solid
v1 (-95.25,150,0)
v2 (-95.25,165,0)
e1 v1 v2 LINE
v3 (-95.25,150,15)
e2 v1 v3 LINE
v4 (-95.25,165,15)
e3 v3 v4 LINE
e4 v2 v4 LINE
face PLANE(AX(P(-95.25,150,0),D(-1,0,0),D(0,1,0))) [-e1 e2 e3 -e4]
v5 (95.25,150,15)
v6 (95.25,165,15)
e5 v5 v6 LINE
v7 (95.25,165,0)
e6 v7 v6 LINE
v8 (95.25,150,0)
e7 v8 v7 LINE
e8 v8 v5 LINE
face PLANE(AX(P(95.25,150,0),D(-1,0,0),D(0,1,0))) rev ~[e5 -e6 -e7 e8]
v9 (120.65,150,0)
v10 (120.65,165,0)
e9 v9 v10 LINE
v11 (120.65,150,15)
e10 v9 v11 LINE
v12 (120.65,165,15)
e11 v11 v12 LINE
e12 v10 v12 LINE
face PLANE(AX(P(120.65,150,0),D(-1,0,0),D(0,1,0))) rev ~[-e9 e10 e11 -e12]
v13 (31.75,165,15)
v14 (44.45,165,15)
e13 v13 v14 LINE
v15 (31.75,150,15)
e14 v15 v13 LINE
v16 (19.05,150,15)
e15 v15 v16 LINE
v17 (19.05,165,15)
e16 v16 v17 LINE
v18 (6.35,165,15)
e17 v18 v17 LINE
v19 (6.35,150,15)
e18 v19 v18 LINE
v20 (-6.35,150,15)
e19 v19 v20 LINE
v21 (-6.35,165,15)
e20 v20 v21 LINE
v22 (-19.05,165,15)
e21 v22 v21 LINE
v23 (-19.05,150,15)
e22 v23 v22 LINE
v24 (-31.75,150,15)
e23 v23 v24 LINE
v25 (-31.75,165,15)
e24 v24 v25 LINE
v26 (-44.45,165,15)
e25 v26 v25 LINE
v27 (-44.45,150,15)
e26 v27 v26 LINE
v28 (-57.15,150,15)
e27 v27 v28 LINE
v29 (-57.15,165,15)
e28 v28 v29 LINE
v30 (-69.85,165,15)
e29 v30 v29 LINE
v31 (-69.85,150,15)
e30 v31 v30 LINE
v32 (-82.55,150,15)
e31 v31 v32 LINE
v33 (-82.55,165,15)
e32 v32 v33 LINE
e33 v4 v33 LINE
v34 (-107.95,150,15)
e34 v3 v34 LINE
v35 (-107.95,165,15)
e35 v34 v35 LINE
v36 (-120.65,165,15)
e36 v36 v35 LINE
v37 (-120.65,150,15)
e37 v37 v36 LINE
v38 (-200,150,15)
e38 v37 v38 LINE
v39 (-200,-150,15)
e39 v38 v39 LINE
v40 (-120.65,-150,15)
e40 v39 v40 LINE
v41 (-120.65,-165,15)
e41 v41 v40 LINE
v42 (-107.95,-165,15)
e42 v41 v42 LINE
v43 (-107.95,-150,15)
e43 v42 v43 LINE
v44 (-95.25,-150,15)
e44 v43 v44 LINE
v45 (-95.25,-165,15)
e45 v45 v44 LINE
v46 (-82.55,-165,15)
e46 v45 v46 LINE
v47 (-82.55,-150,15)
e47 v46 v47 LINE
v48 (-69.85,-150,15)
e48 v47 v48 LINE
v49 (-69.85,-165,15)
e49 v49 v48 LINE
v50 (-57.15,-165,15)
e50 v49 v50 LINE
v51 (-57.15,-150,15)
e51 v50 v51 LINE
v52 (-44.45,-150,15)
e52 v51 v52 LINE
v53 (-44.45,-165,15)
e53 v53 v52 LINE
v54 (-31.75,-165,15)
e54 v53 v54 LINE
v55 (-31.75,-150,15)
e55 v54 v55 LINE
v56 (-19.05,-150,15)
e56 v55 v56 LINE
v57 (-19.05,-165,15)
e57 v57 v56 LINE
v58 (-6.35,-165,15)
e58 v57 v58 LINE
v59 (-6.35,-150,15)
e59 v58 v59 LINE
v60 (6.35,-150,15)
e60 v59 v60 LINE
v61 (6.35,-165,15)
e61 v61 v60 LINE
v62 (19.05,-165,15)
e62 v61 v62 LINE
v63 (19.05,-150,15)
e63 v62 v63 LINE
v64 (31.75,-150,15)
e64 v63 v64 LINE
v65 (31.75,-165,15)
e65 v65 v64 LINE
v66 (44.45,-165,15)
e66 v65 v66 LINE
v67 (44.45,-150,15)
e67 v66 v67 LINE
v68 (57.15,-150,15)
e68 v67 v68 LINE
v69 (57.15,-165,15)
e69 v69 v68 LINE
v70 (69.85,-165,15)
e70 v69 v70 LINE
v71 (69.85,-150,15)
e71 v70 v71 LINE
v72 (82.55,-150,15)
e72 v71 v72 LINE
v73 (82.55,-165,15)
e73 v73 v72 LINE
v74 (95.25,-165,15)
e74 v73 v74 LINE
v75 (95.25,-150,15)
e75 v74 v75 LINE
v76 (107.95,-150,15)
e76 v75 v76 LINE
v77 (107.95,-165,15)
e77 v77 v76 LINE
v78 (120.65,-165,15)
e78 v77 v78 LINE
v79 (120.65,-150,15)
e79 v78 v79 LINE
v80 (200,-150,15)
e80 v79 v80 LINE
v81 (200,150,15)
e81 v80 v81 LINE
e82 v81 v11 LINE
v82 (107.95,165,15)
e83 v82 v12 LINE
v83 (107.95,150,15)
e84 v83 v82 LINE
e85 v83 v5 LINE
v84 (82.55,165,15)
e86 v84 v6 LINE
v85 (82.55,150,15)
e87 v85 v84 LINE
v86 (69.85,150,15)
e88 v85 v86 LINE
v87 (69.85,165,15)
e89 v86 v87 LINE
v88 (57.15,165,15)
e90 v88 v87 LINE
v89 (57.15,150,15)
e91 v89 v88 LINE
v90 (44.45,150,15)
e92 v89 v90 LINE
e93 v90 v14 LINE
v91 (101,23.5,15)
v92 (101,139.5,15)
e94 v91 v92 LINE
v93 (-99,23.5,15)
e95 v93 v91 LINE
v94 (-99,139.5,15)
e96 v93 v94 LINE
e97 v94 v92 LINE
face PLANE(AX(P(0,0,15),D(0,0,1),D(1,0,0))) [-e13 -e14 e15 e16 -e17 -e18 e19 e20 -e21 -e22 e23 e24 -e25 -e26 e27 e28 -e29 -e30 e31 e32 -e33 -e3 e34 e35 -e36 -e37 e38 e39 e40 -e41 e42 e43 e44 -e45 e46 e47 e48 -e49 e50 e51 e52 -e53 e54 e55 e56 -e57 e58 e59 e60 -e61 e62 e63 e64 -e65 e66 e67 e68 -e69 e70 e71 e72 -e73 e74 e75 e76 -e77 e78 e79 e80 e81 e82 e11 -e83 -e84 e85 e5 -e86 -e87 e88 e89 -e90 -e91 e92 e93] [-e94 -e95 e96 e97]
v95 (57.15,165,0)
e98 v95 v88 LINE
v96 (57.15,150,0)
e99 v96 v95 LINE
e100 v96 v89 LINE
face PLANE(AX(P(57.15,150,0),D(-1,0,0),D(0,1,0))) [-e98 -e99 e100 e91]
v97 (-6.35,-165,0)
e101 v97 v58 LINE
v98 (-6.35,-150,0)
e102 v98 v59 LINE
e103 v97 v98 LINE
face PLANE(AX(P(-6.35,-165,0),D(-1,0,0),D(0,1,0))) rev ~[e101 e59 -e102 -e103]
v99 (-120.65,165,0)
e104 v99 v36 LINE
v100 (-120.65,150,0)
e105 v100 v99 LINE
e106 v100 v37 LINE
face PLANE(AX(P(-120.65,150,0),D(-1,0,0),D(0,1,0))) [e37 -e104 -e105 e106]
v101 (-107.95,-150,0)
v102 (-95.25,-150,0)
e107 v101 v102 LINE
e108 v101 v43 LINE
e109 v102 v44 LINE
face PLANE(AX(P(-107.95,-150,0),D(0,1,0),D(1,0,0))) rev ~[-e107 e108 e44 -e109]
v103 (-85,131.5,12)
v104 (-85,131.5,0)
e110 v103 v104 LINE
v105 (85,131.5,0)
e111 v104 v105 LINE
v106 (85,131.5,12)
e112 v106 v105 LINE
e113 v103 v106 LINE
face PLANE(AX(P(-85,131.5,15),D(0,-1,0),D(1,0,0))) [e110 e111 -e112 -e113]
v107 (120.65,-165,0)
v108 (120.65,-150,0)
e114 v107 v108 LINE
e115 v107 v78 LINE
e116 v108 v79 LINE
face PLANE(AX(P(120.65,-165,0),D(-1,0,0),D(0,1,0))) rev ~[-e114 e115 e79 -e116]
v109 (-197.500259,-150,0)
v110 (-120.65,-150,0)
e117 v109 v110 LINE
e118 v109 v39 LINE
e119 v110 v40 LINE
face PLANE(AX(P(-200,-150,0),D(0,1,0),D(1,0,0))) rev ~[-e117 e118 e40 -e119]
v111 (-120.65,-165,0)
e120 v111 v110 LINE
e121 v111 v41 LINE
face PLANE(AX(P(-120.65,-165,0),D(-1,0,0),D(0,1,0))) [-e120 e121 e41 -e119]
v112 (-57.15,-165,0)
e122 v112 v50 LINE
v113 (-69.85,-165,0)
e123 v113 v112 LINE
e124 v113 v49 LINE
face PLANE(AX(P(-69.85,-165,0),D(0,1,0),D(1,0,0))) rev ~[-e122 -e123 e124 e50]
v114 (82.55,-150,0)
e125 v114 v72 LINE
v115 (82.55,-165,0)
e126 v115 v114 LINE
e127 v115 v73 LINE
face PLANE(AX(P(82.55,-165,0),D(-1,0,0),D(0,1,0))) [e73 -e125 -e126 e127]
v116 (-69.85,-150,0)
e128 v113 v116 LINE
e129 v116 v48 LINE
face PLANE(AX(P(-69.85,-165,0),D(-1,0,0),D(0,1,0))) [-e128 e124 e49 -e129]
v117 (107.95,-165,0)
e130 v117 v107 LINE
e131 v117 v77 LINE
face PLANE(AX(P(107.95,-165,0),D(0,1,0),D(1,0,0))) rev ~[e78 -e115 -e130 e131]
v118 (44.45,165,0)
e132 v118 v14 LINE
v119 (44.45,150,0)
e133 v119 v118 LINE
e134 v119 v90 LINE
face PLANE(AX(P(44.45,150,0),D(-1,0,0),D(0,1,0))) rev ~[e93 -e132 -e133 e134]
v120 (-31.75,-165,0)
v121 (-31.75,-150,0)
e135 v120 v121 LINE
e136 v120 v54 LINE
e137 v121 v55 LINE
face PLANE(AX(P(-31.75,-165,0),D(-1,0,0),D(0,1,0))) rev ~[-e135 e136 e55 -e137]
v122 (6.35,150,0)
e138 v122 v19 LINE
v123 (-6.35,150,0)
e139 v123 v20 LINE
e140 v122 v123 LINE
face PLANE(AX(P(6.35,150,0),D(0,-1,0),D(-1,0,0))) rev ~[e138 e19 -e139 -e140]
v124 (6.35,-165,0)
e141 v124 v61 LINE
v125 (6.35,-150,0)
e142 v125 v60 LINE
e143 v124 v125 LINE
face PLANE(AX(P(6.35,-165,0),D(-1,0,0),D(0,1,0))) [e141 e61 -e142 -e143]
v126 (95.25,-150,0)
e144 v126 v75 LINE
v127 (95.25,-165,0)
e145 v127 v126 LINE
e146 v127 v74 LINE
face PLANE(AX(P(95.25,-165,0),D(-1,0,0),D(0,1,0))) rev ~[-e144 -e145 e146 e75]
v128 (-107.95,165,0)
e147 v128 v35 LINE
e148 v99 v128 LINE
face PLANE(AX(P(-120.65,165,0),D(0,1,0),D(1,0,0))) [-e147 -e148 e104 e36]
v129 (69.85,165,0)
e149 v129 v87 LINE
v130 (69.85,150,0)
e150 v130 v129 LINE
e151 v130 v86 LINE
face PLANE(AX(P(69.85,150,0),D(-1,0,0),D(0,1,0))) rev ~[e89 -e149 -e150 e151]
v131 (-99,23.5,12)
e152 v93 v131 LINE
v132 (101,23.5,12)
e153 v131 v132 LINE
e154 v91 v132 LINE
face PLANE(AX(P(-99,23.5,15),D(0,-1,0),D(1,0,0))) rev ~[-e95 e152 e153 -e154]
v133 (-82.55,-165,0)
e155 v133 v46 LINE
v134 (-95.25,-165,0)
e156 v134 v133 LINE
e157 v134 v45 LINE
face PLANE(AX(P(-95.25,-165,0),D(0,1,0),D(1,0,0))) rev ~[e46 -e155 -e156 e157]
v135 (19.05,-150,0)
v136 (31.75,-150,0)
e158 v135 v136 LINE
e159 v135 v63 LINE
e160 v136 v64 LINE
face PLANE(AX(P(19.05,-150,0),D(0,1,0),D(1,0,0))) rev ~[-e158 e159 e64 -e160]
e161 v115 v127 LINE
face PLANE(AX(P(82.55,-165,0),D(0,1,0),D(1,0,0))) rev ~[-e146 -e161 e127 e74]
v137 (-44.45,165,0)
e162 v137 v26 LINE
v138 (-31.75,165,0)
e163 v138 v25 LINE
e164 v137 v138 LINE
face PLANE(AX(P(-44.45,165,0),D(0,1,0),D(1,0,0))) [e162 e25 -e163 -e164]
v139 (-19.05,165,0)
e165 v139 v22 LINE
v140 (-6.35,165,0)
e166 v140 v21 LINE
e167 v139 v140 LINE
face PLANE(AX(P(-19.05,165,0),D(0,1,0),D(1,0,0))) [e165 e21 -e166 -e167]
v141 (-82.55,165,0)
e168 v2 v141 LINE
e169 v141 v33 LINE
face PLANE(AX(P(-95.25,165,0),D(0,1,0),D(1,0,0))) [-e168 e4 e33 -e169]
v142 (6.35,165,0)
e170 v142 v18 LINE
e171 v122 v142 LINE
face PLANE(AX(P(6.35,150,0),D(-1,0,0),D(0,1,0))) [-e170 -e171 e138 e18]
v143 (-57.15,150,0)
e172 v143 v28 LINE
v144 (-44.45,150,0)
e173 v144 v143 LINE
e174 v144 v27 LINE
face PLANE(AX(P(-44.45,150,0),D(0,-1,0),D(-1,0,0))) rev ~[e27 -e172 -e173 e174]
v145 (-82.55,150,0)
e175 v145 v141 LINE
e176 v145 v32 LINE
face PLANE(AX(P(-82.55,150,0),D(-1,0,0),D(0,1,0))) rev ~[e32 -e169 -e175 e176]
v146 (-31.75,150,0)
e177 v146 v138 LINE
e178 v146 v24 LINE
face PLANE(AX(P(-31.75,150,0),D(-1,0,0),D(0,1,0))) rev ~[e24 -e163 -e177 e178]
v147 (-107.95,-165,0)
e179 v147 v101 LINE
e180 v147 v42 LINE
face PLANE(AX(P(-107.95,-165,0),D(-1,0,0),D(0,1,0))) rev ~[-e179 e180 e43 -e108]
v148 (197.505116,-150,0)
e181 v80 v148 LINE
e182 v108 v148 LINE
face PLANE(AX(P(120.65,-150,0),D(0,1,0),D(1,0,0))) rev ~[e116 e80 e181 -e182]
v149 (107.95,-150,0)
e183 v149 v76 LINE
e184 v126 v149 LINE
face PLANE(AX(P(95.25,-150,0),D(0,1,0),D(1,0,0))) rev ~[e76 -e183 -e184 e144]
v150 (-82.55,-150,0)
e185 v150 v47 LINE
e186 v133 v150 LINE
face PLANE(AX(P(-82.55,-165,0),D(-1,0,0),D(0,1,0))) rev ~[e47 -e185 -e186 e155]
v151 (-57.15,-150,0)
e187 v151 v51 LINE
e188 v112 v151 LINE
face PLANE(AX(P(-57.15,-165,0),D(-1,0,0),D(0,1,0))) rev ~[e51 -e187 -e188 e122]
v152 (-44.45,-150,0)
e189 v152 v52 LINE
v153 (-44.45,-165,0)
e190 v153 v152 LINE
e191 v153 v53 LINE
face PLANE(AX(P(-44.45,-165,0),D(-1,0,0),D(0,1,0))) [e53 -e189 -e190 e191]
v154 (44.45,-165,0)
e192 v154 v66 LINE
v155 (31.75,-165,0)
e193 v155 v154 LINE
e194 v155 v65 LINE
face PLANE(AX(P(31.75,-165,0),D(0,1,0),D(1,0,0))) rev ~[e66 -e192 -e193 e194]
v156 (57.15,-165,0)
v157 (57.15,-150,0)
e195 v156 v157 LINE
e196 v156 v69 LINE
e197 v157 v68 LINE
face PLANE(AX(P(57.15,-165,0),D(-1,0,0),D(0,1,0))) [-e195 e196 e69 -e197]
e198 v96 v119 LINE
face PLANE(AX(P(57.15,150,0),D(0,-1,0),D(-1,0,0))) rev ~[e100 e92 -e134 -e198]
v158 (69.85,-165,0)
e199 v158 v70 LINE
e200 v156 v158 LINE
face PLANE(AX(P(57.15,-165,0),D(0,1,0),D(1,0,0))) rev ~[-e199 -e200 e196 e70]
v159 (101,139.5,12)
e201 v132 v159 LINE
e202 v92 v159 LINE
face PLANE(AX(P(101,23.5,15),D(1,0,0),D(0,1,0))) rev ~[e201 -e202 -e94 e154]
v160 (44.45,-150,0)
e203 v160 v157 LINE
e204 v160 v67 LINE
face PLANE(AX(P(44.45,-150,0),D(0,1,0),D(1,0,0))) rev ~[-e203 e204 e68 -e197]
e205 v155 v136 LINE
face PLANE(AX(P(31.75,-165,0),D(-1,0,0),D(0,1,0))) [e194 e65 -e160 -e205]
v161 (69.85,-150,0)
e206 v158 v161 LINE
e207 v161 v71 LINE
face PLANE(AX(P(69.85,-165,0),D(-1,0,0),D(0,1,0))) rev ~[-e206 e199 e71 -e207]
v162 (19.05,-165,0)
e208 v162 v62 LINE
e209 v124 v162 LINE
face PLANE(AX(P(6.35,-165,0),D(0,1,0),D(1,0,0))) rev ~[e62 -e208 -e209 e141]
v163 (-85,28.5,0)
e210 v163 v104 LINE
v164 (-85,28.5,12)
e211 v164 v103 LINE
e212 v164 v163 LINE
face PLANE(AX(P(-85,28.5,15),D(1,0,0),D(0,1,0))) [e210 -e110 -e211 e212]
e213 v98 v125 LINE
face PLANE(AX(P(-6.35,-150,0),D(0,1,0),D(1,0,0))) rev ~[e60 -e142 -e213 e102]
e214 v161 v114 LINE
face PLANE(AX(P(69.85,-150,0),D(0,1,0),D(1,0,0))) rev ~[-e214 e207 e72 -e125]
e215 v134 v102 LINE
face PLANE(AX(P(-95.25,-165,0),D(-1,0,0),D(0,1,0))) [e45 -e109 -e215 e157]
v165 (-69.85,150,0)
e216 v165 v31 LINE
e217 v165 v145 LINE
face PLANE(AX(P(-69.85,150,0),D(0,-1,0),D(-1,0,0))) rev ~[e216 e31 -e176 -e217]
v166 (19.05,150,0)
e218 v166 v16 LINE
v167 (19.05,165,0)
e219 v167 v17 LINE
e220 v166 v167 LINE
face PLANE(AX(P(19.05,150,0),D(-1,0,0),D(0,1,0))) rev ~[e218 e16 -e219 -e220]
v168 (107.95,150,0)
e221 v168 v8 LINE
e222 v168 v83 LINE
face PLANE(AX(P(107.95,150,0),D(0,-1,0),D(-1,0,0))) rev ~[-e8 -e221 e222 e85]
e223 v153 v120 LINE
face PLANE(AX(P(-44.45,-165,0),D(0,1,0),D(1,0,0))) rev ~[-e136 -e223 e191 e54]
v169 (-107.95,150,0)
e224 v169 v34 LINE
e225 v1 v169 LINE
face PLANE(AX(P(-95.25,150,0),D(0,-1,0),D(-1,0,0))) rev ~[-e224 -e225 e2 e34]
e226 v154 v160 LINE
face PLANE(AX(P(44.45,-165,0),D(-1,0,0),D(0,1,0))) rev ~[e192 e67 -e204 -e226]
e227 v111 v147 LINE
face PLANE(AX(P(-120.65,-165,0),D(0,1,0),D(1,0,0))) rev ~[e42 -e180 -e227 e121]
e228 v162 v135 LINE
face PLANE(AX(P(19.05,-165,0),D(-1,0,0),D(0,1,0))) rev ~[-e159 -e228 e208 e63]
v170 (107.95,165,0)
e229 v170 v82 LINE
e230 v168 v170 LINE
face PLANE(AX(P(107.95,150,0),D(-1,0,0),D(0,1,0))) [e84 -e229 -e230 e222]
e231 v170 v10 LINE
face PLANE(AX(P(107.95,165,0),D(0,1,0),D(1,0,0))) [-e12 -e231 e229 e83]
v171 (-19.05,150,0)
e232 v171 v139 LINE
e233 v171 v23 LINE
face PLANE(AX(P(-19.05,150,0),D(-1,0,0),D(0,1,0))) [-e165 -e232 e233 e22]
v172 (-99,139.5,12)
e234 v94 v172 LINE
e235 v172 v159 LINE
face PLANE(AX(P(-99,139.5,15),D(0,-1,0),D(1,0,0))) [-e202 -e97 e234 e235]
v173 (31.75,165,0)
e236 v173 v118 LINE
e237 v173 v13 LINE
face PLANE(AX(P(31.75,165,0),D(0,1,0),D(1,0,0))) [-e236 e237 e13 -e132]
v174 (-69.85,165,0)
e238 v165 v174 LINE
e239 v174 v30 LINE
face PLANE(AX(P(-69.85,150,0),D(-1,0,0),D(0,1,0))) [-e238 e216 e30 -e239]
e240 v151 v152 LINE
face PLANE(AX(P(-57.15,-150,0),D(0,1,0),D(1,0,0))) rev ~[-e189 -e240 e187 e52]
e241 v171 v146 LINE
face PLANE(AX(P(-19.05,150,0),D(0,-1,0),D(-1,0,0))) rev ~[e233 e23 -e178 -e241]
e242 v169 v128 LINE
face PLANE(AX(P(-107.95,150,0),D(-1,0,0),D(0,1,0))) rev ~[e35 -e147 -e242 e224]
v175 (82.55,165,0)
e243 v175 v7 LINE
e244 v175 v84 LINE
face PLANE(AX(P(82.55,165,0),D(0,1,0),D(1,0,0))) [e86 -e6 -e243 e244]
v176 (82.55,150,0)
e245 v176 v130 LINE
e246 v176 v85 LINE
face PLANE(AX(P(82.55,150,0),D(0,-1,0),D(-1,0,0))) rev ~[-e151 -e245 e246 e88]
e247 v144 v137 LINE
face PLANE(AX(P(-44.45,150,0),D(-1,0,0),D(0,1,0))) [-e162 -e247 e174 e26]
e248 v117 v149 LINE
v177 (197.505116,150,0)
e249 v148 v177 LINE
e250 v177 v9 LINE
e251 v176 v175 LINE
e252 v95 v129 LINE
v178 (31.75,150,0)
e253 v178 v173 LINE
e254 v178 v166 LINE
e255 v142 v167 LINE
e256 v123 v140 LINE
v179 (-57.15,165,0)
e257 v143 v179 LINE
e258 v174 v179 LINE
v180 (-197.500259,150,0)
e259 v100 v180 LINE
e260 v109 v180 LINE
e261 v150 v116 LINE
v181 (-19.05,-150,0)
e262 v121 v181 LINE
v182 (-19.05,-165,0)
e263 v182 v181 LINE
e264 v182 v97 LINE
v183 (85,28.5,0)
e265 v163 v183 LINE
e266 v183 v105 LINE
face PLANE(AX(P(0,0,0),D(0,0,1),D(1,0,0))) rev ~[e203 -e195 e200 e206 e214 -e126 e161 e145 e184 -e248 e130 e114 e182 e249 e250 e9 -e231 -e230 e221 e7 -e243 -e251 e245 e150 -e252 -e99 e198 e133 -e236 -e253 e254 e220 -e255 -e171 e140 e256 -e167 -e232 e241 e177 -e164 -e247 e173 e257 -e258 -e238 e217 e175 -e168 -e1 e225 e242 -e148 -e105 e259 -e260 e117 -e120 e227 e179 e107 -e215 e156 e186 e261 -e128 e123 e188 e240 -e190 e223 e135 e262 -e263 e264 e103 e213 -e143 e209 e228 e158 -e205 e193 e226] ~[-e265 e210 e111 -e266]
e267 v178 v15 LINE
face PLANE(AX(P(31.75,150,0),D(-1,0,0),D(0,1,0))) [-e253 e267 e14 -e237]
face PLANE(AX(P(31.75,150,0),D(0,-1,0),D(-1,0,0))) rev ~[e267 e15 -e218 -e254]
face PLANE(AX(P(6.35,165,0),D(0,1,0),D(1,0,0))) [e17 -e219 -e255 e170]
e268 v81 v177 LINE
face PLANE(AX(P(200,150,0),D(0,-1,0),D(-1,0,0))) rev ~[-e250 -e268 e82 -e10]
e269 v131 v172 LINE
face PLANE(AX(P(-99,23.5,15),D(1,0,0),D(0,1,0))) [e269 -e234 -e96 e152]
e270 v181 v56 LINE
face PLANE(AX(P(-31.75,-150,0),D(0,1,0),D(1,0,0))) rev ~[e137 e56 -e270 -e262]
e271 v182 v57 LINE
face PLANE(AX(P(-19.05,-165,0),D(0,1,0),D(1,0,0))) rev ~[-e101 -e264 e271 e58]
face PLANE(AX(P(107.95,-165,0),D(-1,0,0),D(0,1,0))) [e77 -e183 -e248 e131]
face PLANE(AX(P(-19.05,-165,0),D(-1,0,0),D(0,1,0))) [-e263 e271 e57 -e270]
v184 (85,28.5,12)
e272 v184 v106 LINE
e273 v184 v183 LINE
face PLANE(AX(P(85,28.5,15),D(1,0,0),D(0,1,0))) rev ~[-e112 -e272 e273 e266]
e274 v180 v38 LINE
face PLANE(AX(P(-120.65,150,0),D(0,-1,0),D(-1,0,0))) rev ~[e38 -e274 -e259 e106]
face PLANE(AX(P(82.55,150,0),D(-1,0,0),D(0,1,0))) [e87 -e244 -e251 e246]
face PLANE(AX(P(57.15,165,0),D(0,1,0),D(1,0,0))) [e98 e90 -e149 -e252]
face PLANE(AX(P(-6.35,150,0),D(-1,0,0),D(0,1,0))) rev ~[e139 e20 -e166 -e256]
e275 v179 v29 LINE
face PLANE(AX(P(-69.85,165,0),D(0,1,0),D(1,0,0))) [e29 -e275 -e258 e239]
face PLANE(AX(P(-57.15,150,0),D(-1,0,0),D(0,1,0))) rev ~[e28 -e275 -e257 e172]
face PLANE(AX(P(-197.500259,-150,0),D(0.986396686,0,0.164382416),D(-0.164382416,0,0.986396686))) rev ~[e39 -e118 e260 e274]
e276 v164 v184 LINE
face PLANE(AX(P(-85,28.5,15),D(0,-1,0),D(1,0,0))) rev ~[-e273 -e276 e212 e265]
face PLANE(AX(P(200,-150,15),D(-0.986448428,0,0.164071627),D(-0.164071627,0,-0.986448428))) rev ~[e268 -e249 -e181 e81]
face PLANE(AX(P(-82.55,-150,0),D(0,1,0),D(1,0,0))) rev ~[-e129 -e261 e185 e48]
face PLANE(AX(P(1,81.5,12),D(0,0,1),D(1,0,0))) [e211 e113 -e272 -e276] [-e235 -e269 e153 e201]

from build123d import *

# Parameters (mm, degrees)
F0_W     = 12.7
F0_H     = 15
F1_DEPTH = 15
F3_DEPTH = 315.001
F5_DEPTH = 315.001
F6_W     = 170
F6_H     = 103
F7_DEPTH = 15
F8_W     = 200
F8_H     = 116
F8_W_2   = 170
F8_H_2   = 103
F9_DEPTH = 3


with BuildPart() as f1:
    # F0 (on Top) → F1 (new body)
    with BuildSketch(Plane.XY):
        Polygon((120.65, -150), (200, -150), (200, 150), (120.65, 150), (107.95, 150), (95.25, 150), (82.55, 150), (69.85, 150), (57.15, 150), (44.45, 150), (31.75, 150), (19.05, 150), (6.35, 150), (0, 150), (-6.35, 150), (-19.05, 150), (-31.75, 150), (-44.45, 150), (-57.15, 150), (-69.85, 150), (-82.55, 150), (-95.25, 150), (-107.95, 150), (-120.65, 150), (-200, 150), (-200, -150), (-120.65, -150), (-107.95, -150), (-95.25, -150), (-82.55, -150), (-69.85, -150), (-57.15, -150), (-44.45, -150), (-31.75, -150), (-19.05, -150), (-6.35, -150), (0, -150), (6.35, -150), (19.05, -150), (31.75, -150), (44.45, -150), (57.15, -150), (69.85, -150), (82.55, -150), (95.25, -150), (107.95, -150), align=None)
        with Locations((-38.1, -157.5)):
            Rectangle(F0_W, F0_H)
        with Locations((114.3, 157.5)):
            Rectangle(F0_W, F0_H)
        with Locations((-114.3, -157.5)):
            Rectangle(F0_W, F0_H)
        with Locations((114.3, -157.5)):
            Rectangle(F0_W, F0_H)
        with Locations((12.7, -157.5)):
            Rectangle(F0_W, F0_H)
        with Locations((63.5, -157.5)):
            Rectangle(F0_W, F0_H)
        with Locations((-63.5, -157.5)):
            Rectangle(F0_W, F0_H)
        with Locations((-63.5, 157.5)):
            Rectangle(F0_W, F0_H)
        with Locations((12.7, 157.5)):
            Rectangle(F0_W, F0_H)
        with Locations((-88.9, 157.5)):
            Rectangle(F0_W, F0_H)
        with Locations((-88.9, -157.5)):
            Rectangle(F0_W, F0_H)
        with Locations((38.1, 157.5)):
            Rectangle(F0_W, F0_H)
        with Locations((88.9, -157.5)):
            Rectangle(F0_W, F0_H)
        with Locations((38.1, -157.5)):
            Rectangle(F0_W, F0_H)
        with Locations((-38.1, 157.5)):
            Rectangle(F0_W, F0_H)
        with Locations((-114.3, 157.5)):
            Rectangle(F0_W, F0_H)
        with Locations((88.9, 157.5)):
            Rectangle(F0_W, F0_H)
        with Locations((63.5, 157.5)):
            Rectangle(F0_W, F0_H)
        with Locations((-12.7, 157.5)):
            Rectangle(F0_W, F0_H)
        with Locations((-12.7, -157.5)):
            Rectangle(F0_W, F0_H)
    extrude(amount=F1_DEPTH)

    # F2 (on face) → F3 (cut, through all)
    with BuildSketch(Plane.XZ.offset(150)):
        Polygon((-200, 0), (-197.500259, 0), (-200, 15), align=None)
    extrude(amount=-F3_DEPTH, mode=Mode.SUBTRACT)

    # F4 (on face) → F5 (cut, through all)
    with BuildSketch(Plane.XZ.offset(150)):
        Polygon((200, 15), (197.505116, 0), (200, 0), align=None)
    extrude(amount=-F5_DEPTH, mode=Mode.SUBTRACT)

    # F6 (on face) → F7 (cut)
    with BuildSketch(Plane.XY.offset(15)):
        with Locations((0, 80)):
            Rectangle(F6_W, F6_H)
    extrude(amount=-F7_DEPTH, mode=Mode.SUBTRACT)

    # F8 (on face) → F9 (cut)
    with BuildSketch(Plane.XY.offset(15)):
        with Locations((1, 81.5)):
            Rectangle(F8_W, F8_H)
        with Locations((0, 80)):
            Rectangle(F8_W_2, F8_H_2, mode=Mode.SUBTRACT)
    extrude(amount=-F9_DEPTH, mode=Mode.SUBTRACT)


solid = f1.part
